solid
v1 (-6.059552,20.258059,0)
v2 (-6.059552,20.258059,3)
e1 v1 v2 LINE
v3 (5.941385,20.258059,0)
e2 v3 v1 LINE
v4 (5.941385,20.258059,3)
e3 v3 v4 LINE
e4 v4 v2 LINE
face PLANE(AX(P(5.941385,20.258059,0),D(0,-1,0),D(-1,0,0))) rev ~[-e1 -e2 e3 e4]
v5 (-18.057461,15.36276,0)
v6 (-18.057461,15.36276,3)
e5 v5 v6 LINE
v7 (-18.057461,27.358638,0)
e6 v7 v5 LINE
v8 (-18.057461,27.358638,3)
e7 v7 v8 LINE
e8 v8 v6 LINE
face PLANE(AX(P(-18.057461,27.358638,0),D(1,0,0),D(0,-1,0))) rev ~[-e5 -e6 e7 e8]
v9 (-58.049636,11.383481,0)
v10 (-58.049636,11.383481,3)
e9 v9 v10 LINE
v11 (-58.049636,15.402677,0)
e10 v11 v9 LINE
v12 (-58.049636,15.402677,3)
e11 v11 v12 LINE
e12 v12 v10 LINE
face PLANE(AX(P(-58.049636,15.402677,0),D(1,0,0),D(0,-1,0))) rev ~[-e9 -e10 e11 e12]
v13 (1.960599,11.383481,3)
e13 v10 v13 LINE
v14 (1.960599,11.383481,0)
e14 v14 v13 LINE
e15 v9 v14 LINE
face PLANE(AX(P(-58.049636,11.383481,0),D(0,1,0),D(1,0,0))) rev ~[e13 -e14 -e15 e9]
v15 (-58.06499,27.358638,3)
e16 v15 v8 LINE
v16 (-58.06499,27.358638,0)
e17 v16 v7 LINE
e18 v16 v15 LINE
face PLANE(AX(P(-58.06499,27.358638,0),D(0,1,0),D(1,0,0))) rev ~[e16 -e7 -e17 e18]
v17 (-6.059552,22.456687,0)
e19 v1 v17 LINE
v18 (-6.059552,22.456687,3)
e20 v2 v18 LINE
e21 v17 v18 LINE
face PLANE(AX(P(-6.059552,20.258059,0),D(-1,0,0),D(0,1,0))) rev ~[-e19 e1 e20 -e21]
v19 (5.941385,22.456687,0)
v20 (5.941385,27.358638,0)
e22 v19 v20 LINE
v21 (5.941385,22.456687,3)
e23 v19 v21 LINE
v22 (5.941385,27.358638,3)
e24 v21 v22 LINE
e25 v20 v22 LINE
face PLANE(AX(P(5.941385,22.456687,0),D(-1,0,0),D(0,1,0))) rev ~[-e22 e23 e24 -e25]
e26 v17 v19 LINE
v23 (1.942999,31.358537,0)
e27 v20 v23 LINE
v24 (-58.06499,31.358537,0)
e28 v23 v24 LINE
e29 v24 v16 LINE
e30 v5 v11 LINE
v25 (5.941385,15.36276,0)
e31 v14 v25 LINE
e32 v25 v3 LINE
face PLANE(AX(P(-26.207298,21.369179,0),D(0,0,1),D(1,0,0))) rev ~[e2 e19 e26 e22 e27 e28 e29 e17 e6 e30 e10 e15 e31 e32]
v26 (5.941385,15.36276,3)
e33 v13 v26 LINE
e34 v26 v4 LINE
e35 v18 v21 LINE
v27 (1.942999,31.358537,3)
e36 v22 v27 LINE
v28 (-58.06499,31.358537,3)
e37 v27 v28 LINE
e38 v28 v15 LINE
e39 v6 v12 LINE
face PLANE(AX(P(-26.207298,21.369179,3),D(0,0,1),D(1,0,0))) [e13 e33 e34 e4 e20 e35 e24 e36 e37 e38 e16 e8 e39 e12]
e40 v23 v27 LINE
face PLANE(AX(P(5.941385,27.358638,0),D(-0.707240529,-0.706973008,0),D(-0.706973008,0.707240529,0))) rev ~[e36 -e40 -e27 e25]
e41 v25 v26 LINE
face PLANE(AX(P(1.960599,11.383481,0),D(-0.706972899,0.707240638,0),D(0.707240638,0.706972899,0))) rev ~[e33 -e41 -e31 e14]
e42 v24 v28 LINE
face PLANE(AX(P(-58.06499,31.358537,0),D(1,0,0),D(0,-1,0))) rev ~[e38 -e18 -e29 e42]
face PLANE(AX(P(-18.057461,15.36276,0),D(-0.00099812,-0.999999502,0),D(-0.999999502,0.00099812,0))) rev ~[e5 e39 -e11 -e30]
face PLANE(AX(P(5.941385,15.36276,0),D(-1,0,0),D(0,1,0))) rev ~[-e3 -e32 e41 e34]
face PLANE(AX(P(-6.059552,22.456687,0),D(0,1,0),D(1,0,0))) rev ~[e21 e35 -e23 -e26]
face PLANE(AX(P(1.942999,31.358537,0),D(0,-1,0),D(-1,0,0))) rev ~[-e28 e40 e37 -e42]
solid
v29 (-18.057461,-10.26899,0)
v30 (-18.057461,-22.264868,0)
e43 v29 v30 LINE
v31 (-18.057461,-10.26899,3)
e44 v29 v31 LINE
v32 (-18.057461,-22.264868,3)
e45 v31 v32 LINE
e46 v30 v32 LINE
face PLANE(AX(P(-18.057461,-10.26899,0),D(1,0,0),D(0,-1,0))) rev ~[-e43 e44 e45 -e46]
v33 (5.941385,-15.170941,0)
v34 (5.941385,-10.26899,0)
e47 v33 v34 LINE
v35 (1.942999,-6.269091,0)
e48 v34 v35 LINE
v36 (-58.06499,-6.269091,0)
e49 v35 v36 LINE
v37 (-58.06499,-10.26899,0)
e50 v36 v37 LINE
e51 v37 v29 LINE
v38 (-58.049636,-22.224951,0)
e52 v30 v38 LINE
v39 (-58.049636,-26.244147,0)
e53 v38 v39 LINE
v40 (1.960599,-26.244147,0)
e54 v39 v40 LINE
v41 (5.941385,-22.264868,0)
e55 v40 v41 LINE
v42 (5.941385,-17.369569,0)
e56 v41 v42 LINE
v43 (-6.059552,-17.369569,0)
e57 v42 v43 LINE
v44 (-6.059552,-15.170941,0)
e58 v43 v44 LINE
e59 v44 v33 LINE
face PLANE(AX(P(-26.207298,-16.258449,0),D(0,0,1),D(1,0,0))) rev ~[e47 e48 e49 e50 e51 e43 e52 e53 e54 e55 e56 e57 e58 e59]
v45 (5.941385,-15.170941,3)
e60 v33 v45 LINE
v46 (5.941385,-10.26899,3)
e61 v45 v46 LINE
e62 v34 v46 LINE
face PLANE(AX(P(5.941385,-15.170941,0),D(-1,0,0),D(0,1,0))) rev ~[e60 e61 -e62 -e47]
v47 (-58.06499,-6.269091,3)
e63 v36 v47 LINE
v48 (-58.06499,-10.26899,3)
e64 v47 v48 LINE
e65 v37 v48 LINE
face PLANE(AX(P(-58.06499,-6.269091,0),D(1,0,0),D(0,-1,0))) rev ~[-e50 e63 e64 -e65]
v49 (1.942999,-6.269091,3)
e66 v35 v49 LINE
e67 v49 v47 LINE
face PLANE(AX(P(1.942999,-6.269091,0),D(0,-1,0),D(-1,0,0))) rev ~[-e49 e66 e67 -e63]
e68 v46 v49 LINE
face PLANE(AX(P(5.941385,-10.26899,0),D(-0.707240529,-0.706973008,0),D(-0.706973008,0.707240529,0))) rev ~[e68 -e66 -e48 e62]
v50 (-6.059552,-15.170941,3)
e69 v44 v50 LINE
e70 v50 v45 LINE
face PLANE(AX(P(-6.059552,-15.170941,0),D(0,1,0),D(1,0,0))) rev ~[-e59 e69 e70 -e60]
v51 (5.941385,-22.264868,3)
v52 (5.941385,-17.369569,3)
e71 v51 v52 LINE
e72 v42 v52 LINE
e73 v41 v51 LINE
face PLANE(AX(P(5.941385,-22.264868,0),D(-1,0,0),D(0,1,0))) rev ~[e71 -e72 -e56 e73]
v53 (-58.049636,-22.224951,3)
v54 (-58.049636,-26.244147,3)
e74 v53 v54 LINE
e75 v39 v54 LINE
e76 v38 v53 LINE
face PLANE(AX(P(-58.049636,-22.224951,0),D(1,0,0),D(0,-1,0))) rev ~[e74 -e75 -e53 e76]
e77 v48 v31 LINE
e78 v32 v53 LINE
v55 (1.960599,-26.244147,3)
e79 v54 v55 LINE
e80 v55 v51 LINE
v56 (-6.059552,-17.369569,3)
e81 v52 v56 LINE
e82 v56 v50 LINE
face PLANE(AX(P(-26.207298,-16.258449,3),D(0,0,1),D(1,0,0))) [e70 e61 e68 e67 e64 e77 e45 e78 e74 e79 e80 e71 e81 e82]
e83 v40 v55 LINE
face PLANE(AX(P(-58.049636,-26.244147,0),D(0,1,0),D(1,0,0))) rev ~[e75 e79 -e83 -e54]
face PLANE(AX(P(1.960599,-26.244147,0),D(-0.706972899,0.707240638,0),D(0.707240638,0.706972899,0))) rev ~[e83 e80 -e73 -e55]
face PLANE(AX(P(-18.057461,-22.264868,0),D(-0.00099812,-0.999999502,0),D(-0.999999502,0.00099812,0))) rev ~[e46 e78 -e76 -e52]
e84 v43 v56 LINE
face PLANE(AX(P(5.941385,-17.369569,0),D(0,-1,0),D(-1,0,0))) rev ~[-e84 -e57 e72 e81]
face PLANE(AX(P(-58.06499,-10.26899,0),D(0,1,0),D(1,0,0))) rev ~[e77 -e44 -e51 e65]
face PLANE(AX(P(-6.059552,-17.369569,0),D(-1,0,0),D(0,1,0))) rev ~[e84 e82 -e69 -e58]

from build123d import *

# Parameters (mm, degrees)
F1_DEPTH = 3


with BuildPart() as f1:
    # F0 (on Top) → F1 (new body)
    with BuildSketch(Plane.XY):
        Polygon((-18.057461, 15.36276), (-58.049636, 15.402677), (-58.049636, 11.383481), (1.960599, 11.383481), (5.941385, 15.36276), (5.941385, 20.258059), (-6.059552, 20.258059), (-6.059552, 22.456687), (5.941385, 22.456687), (5.941385, 27.358638), (1.942999, 31.358537), (-58.06499, 31.358537), (-58.06499, 27.358638), (-18.057461, 27.358638), align=None)
        Polygon((-18.057461, -22.264868), (-58.049636, -22.224951), (-58.049636, -26.244147), (1.960599, -26.244147), (5.941385, -22.264868), (5.941385, -17.369569), (-6.059552, -17.369569), (-6.059552, -15.170941), (5.941385, -15.170941), (5.941385, -10.26899), (1.942999, -6.269091), (-58.06499, -6.269091), (-58.06499, -10.26899), (-18.057461, -10.26899), align=None)
    extrude(amount=F1_DEPTH)


solid = f1.part
